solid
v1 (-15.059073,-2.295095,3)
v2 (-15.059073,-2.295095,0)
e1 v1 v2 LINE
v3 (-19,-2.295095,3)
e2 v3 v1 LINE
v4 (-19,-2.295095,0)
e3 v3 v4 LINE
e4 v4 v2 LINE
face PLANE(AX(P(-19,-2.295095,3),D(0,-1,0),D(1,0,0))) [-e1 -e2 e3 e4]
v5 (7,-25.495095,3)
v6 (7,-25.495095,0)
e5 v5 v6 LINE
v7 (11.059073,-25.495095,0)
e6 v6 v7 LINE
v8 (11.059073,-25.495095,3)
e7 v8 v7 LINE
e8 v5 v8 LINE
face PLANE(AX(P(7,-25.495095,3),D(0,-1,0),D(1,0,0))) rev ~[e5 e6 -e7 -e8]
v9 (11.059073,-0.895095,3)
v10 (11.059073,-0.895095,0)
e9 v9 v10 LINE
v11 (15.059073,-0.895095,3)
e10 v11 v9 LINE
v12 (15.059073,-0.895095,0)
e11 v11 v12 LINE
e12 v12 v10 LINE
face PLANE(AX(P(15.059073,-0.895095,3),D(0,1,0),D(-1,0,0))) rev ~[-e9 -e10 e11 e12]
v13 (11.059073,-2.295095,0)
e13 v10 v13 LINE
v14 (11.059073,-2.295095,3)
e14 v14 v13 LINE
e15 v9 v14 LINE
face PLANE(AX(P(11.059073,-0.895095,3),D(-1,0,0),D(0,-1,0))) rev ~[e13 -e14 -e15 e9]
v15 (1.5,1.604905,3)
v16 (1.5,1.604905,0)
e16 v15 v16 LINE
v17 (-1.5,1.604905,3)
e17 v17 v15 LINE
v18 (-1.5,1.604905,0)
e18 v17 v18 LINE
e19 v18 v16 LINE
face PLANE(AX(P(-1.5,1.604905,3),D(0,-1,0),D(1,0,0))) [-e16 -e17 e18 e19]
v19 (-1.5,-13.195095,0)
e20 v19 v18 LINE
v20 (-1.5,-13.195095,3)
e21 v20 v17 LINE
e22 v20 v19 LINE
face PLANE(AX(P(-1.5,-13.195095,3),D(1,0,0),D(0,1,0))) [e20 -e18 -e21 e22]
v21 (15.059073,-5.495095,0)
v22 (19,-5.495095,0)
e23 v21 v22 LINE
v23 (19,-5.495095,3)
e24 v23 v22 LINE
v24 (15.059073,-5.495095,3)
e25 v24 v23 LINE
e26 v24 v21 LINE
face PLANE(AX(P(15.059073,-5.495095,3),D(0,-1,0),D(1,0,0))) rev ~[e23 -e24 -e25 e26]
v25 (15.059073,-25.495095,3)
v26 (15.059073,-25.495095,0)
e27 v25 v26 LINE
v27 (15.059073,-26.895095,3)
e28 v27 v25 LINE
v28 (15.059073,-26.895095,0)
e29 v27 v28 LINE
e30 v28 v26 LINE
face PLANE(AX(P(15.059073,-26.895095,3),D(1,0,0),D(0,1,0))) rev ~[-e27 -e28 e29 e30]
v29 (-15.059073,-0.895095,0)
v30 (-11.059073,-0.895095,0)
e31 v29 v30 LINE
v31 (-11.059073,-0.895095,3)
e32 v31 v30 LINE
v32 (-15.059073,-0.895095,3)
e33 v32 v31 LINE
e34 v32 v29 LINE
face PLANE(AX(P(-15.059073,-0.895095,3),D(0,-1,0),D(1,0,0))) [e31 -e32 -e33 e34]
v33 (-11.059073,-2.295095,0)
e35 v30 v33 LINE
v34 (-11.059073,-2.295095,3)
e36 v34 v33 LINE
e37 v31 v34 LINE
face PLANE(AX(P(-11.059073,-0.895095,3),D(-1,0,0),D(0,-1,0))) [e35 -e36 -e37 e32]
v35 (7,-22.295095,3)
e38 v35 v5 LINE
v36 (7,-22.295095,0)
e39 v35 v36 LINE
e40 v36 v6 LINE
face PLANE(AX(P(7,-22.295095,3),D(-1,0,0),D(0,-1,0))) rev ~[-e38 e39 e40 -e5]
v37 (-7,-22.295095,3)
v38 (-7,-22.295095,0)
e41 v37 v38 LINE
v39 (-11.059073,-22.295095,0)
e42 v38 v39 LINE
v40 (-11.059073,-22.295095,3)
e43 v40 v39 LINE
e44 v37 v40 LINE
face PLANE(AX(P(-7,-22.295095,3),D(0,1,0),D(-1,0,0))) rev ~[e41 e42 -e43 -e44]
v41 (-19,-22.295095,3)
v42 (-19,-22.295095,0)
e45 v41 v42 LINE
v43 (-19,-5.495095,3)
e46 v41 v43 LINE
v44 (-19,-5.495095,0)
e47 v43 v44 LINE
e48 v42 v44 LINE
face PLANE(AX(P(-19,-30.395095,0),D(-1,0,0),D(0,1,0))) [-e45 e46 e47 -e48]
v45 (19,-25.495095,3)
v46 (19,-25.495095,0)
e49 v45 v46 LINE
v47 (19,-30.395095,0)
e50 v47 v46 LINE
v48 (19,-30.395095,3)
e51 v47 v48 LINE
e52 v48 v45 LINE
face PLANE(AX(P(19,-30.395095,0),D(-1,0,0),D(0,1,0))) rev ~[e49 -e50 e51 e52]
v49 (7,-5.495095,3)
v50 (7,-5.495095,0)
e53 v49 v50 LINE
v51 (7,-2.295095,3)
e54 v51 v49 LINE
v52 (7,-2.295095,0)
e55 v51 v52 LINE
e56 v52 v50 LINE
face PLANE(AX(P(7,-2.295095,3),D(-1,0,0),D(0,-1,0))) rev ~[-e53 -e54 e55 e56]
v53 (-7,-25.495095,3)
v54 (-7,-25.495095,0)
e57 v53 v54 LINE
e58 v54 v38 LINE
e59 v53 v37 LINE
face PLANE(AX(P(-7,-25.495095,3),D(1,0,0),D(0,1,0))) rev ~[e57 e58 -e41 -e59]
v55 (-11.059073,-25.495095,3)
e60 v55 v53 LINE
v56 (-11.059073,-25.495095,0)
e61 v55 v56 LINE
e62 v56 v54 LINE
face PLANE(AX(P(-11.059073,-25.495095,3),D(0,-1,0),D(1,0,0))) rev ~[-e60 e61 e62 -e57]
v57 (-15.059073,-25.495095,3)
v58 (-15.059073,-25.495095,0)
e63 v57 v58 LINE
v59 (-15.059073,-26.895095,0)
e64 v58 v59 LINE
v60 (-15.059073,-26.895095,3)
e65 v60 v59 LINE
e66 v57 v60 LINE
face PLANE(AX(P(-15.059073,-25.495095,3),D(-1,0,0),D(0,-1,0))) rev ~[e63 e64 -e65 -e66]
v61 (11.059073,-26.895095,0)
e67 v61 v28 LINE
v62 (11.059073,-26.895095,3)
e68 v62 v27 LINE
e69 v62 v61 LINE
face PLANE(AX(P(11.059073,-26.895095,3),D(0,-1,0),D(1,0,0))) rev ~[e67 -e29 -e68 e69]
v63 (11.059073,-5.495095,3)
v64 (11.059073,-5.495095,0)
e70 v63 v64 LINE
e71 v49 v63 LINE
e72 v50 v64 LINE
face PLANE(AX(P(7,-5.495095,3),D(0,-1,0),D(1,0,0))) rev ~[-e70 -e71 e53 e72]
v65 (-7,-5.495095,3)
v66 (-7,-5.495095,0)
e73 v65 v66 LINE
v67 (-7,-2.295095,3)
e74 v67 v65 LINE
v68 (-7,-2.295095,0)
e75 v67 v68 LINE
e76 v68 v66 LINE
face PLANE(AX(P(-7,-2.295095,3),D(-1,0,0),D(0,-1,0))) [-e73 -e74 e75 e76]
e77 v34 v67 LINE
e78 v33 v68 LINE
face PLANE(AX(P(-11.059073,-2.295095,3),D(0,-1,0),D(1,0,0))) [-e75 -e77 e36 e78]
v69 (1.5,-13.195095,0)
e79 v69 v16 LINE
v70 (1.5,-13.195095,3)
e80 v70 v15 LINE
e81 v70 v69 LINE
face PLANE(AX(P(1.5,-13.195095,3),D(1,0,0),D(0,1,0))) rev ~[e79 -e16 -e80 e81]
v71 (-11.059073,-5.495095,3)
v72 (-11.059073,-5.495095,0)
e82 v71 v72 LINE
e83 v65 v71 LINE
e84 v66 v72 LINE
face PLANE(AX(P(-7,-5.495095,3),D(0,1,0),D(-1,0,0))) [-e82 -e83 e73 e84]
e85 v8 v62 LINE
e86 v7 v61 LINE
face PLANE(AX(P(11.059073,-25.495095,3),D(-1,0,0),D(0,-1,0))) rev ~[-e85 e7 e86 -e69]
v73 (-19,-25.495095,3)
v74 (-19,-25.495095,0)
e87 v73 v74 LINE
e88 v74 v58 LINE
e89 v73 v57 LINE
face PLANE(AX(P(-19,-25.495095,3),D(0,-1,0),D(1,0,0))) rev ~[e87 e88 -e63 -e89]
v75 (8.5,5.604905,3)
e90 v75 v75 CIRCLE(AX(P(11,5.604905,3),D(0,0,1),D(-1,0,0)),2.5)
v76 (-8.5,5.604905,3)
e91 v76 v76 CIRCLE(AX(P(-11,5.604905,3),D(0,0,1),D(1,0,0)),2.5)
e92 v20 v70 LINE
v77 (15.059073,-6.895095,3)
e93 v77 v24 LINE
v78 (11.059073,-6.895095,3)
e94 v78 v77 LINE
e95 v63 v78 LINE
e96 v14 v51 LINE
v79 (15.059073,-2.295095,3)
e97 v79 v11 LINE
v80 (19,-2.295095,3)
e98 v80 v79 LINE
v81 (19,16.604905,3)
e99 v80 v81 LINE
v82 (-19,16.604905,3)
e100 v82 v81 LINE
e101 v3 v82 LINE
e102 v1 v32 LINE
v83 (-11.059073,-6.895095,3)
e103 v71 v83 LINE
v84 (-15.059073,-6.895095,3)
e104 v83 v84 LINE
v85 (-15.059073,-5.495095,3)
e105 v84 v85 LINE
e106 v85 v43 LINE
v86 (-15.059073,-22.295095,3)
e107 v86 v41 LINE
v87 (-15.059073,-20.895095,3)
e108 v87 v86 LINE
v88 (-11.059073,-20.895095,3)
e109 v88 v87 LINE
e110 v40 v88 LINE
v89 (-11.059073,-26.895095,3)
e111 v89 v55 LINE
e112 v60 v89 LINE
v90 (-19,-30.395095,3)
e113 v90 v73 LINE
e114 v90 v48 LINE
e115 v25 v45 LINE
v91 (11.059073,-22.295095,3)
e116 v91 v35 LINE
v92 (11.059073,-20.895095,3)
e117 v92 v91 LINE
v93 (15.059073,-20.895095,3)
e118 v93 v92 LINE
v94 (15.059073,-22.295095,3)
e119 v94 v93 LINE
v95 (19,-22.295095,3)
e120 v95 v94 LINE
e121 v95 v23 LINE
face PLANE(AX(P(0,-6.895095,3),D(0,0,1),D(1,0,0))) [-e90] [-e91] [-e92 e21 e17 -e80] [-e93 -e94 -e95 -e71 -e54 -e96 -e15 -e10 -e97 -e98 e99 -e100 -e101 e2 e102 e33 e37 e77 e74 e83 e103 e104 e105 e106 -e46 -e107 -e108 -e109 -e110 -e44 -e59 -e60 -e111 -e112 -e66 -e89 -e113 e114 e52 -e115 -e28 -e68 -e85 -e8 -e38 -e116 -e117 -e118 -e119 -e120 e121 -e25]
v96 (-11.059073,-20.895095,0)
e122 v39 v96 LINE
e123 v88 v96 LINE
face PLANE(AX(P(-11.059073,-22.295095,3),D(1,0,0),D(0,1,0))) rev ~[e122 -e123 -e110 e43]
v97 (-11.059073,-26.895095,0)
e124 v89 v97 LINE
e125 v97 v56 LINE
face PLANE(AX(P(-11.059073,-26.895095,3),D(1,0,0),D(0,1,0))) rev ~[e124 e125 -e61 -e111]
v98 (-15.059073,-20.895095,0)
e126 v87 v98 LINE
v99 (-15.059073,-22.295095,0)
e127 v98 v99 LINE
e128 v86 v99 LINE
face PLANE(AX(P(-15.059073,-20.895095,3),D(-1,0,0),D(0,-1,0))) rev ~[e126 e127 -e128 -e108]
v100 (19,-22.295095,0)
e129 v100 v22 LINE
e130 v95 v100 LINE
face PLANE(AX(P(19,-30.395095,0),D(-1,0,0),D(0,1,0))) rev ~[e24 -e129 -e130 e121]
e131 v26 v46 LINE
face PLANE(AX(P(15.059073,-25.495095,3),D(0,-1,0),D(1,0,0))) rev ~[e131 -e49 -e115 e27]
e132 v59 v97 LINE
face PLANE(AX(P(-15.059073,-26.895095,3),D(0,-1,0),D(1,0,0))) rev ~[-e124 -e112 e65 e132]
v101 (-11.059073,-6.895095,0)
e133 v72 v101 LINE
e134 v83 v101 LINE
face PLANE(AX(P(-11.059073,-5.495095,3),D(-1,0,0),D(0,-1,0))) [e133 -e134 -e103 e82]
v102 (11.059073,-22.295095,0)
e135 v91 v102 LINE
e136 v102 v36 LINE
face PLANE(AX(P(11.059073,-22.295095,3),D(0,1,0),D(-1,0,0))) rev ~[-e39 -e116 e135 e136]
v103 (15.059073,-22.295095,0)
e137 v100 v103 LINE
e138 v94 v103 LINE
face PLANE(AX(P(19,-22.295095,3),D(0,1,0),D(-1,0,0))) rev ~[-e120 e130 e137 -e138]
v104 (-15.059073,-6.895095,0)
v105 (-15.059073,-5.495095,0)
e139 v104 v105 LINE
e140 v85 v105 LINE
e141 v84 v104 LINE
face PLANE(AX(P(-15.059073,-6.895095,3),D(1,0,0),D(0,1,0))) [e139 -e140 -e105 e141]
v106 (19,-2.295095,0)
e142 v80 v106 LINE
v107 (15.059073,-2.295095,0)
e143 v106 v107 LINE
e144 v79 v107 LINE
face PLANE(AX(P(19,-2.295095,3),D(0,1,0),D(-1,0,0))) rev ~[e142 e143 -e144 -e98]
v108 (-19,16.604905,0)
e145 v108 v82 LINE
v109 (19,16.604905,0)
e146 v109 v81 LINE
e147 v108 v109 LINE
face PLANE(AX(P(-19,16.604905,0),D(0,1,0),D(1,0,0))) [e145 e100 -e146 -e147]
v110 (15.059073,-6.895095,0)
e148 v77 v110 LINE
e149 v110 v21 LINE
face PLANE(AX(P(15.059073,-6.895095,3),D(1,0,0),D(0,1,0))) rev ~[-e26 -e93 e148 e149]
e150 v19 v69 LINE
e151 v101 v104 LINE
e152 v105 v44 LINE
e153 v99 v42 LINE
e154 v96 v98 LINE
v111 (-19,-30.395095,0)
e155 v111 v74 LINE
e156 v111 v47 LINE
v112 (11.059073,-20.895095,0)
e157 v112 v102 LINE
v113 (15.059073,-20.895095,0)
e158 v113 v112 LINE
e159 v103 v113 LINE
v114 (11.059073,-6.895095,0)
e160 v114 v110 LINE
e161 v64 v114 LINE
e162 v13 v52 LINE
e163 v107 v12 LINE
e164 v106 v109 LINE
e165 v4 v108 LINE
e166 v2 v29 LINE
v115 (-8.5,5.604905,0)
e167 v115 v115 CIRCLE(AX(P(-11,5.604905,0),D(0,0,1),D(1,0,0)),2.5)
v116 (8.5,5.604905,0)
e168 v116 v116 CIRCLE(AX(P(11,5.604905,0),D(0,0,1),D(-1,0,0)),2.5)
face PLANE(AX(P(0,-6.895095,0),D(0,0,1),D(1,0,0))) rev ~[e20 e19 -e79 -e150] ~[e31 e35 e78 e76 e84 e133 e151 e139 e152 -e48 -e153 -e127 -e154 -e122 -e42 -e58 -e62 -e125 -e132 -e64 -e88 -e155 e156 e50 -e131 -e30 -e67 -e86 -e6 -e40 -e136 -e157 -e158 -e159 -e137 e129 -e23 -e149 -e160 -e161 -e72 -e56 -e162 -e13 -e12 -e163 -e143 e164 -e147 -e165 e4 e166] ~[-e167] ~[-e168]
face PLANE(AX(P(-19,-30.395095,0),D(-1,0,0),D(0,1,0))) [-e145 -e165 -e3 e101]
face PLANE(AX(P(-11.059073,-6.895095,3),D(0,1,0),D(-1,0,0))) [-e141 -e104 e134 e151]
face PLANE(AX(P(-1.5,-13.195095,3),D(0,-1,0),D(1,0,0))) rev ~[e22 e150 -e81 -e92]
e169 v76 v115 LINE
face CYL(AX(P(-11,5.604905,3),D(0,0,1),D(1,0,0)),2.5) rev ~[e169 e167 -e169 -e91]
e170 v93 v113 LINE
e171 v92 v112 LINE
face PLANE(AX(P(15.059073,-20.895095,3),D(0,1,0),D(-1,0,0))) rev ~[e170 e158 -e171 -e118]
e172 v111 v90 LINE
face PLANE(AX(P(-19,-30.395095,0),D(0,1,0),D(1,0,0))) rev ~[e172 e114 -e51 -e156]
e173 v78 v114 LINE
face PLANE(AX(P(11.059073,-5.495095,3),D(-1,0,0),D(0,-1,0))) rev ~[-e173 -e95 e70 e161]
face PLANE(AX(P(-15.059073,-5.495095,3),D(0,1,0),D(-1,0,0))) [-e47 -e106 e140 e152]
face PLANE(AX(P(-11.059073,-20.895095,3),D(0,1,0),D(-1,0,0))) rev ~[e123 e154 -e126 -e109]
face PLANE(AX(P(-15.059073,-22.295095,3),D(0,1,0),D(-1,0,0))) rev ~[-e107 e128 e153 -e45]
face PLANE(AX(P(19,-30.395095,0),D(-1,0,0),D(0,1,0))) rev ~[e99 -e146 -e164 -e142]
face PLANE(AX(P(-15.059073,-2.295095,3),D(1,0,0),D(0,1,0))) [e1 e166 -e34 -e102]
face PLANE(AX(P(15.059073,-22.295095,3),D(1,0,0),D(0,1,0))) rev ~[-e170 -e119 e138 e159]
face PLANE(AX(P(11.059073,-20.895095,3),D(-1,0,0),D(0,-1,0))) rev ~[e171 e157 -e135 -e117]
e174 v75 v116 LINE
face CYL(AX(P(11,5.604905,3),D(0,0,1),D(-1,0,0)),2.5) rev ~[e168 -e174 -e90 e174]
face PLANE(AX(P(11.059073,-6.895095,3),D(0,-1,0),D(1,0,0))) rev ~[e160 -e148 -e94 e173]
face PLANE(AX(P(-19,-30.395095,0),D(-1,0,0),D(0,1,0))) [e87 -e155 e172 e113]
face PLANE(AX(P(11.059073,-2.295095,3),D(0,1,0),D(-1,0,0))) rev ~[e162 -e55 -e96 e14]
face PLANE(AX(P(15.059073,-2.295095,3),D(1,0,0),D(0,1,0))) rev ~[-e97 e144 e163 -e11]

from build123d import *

# Parameters (mm, degrees)
SKETCH1_W           = 38
SKETCH1_H           = 47
BOSS_EXTRUDE1_DEPTH = 3
SKETCH2_R           = 2.5
CUT_EXTRUDE1_DEPTH  = 3
CUT_EXTRUDE2_DEPTH  = 3
SKETCH4_W           = 3
SKETCH4_H           = 14.8
CUT_EXTRUDE3_DEPTH  = 10


with BuildPart() as part:
    # Sketch1 → Boss-Extrude1 (new body)
    with BuildSketch(Plane.XY):
        with Locations((0, -6.895095368)):
            Rectangle(SKETCH1_W, SKETCH1_H)
    extrude(amount=BOSS_EXTRUDE1_DEPTH)

    # Sketch2 → Cut-Extrude1 (cut)
    with BuildSketch(Plane.XY.offset(3)):
        with Locations((-11, 5.604904632)):
            Circle(SKETCH2_R)
        with Locations(Location((11, 5.604904632, 0), (0, 0, 180))):
            Circle(SKETCH2_R)
    extrude(amount=-CUT_EXTRUDE1_DEPTH, mode=Mode.SUBTRACT)

    # Sketch3 → Cut-Extrude2 (cut)
    with BuildSketch(Plane.XY.offset(3)):
        Polygon((-7, -5.495095368), (-11.059072882, -5.495095368), (-11.059072882, -6.895095368), (-15.059072882, -6.895095368), (-15.059072882, -5.495095368), (-19, -5.495095368), (-19, -2.295095368), (-15.059072882, -2.295095368), (-15.059072882, -0.895095368), (-11.059072882, -0.895095368), (-11.059072882, -2.295095368), (-7, -2.295095368), align=None)
        Polygon((7, -5.495095368), (11.059072882, -5.495095368), (11.059072882, -6.895095368), (15.059072882, -6.895095368), (15.059072882, -5.495095368), (19, -5.495095368), (19, -2.295095368), (15.059072882, -2.295095368), (15.059072882, -0.895095368), (11.059072882, -0.895095368), (11.059072882, -2.295095368), (7, -2.295095368), align=None)
        Polygon((-7, -25.495095368), (-7, -22.295095368), (-11.059072882, -22.295095368), (-11.059072882, -20.895095368), (-15.059072882, -20.895095368), (-15.059072882, -22.295095368), (-19, -22.295095368), (-19, -25.495095368), (-15.059072882, -25.495095368), (-15.059072882, -26.895095368), (-11.059072882, -26.895095368), (-11.059072882, -25.495095368), align=None)
        Polygon((7, -25.495095368), (11.059072882, -25.495095368), (11.059072882, -26.895095368), (15.059072882, -26.895095368), (15.059072882, -25.495095368), (19, -25.495095368), (19, -22.295095368), (15.059072882, -22.295095368), (15.059072882, -20.895095368), (11.059072882, -20.895095368), (11.059072882, -22.295095368), (7, -22.295095368), align=None)
    extrude(amount=-CUT_EXTRUDE2_DEPTH, mode=Mode.SUBTRACT)

    # Sketch4 → Cut-Extrude3 (cut)
    with BuildSketch(Plane.XY.offset(3)):
        with Locations((0, -5.795095368)):
            Rectangle(SKETCH4_W, SKETCH4_H)
    extrude(amount=-CUT_EXTRUDE3_DEPTH, mode=Mode.SUBTRACT)


solid = part.part
